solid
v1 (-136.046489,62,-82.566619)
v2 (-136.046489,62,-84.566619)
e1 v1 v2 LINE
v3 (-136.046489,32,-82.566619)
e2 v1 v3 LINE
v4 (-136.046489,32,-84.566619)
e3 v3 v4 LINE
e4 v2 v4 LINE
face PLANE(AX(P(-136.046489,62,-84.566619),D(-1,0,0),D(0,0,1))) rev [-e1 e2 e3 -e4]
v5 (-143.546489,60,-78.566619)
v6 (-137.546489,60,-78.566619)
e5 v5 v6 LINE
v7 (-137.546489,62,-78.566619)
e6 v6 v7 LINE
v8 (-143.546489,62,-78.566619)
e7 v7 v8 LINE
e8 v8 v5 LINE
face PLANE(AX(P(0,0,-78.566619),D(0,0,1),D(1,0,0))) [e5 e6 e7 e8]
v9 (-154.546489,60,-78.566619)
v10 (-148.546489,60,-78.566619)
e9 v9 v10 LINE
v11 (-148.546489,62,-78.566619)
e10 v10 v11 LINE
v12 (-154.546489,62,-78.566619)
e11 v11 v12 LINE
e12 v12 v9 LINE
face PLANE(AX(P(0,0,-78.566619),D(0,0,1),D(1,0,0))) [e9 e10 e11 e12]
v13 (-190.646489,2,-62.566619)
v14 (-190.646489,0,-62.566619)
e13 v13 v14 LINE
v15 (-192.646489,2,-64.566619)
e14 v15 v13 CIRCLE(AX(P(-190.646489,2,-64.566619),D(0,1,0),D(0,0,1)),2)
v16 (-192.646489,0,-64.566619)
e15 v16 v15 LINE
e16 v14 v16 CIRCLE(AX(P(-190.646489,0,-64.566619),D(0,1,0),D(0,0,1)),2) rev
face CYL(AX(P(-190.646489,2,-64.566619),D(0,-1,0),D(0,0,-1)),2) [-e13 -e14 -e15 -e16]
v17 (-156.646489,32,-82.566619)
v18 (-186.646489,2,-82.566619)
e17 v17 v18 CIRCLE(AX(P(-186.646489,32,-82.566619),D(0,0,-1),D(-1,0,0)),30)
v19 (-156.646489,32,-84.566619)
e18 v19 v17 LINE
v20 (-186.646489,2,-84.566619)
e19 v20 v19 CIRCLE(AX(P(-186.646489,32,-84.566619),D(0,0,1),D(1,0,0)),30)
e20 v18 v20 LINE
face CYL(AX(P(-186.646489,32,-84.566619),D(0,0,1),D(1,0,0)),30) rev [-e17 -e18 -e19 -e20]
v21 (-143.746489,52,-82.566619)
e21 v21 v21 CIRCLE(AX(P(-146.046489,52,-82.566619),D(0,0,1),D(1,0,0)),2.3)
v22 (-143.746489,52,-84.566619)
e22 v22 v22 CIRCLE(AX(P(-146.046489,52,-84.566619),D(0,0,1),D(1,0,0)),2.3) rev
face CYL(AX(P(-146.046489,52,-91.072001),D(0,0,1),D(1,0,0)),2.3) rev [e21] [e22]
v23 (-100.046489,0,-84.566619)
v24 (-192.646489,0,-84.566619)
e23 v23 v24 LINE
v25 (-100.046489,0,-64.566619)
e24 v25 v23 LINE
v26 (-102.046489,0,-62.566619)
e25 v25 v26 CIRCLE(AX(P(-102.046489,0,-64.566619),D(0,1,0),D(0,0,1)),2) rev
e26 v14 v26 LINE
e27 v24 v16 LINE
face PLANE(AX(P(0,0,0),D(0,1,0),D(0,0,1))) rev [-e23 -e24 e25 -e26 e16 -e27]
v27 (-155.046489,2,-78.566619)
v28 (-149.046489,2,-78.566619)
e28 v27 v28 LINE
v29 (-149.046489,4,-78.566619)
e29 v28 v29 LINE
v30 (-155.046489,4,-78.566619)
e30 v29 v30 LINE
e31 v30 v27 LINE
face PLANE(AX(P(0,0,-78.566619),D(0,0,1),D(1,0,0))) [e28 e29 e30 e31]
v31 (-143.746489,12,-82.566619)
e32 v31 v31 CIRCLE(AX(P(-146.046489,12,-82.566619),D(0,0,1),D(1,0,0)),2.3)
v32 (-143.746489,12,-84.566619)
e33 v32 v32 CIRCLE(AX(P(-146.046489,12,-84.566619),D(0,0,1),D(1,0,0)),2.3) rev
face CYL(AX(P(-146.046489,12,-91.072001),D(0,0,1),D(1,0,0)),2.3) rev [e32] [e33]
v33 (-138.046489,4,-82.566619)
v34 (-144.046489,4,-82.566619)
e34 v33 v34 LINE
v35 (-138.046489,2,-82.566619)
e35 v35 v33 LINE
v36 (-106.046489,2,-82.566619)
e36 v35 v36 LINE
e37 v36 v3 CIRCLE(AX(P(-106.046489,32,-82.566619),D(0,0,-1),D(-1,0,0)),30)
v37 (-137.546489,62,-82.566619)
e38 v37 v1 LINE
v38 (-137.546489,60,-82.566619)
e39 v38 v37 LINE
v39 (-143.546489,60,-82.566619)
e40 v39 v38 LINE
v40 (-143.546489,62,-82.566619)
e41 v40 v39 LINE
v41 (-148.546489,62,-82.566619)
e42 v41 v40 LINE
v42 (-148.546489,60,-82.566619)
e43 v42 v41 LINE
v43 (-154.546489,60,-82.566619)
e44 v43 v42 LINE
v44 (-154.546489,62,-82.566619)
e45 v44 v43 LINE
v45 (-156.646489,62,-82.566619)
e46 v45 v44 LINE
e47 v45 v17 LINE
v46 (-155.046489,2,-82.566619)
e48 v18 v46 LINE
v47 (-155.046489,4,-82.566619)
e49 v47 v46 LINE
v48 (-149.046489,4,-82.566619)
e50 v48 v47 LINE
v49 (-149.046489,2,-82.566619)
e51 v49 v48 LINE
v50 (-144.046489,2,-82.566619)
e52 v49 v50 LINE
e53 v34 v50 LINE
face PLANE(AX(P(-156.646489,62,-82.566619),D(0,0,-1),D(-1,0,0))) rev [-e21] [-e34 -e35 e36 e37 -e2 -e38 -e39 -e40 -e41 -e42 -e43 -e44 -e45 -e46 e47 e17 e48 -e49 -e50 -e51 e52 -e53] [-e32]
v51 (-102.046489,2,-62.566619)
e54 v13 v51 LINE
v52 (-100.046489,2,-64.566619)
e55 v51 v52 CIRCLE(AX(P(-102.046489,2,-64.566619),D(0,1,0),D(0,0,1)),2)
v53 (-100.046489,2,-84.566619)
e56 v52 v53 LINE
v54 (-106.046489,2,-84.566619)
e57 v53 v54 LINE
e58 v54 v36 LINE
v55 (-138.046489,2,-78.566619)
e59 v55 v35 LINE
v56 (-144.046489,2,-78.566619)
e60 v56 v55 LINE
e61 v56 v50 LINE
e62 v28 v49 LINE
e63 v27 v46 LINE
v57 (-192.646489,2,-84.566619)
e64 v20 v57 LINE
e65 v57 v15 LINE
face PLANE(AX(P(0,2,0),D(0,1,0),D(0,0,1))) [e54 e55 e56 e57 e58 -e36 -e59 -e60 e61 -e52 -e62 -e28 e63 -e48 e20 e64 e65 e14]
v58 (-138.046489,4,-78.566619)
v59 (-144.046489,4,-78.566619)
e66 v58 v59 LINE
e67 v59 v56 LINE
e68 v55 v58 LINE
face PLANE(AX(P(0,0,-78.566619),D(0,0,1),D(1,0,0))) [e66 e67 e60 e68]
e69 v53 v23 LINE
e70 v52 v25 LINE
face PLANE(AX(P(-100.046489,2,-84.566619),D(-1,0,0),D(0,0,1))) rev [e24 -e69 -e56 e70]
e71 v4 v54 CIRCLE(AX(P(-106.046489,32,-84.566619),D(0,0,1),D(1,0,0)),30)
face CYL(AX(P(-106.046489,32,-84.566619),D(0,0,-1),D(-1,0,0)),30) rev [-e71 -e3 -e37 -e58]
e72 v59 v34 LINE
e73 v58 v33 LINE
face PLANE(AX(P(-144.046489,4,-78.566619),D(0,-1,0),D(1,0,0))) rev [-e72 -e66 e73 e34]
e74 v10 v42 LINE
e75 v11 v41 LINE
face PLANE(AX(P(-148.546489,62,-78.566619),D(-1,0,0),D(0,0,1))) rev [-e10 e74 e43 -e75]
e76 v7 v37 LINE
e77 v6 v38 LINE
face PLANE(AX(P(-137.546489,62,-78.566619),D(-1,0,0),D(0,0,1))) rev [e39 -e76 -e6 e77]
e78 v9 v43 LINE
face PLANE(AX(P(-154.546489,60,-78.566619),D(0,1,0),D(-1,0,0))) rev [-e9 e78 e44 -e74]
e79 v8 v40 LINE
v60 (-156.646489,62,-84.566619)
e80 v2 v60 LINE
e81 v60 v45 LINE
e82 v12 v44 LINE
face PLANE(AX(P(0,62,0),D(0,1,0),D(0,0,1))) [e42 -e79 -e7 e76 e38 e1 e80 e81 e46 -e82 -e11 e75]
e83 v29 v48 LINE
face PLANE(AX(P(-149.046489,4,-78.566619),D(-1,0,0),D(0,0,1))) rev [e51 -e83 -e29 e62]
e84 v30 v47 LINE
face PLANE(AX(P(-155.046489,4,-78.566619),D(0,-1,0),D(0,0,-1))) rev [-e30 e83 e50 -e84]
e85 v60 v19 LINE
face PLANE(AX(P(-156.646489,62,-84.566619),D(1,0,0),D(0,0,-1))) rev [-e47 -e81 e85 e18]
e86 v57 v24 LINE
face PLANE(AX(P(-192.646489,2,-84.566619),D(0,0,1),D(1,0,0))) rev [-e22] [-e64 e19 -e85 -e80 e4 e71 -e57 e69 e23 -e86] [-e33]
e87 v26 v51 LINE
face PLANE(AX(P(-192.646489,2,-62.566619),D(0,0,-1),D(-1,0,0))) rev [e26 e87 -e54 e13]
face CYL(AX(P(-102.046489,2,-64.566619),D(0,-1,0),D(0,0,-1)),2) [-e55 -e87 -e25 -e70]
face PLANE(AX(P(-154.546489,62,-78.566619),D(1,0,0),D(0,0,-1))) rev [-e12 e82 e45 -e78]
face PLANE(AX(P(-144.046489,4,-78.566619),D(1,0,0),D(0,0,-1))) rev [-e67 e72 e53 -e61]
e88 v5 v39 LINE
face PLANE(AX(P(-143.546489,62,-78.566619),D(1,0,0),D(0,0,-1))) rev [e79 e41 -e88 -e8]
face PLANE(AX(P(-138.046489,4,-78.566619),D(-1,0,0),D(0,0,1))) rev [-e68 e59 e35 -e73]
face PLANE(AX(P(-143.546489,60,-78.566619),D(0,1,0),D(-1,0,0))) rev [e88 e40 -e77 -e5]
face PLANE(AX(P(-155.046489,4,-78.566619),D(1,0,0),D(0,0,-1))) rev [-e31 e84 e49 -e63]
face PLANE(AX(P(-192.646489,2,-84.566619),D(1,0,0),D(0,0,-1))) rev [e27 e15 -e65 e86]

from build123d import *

# Parameters (mm, degrees)
SKETCH1_W           = 92.6
SKETCH1_H           = 22
BOSS_EXTRUDE1_DEPTH = 2
FILLET1_R           = 2
SKETCH5_W           = 20.6
SKETCH5_H           = 2
BOSS_EXTRUDE3_DEPTH = 60
SKETCH6_W           = 6
SKETCH6_H           = 2
BOSS_EXTRUDE4_DEPTH = 4
SKETCH7_R           = 2.3
CUT_EXTRUDE1_DEPTH  = 2
FILLET4_R           = 30


with BuildPart() as part:
    # Sketch1 → Boss-Extrude1 (new body)
    with BuildSketch(Plane(origin=(0, 0, 0), x_dir=(1, 0, 0), z_dir=(0, 1, 0))):
        with Locations((-146.346488806, 73.566618989)):
            Rectangle(SKETCH1_W, SKETCH1_H)
    extrude(amount=BOSS_EXTRUDE1_DEPTH)

    # Fillet1
    fillet1_edges = [part.edges().sort_by_distance(p)[0] for p in [
        (-100.046488806, 1, -62.566618989),
        (-192.646488806, 1, -62.566618989),
    ]]
    fillet(fillet1_edges, radius=FILLET1_R)

    # Sketch5 → Boss-Extrude3 (add)
    with BuildSketch(Plane(origin=(0, 2, 0), x_dir=(1, 0, 0), z_dir=(0, 1, 0))):
        with Locations((-146.346488806, 83.566618989)):
            Rectangle(SKETCH5_W, SKETCH5_H)
    extrude(amount=BOSS_EXTRUDE3_DEPTH)

    # Sketch6 → Boss-Extrude4 (add)
    with BuildSketch(Plane.XY.offset(-82.566618989)):
        with Locations((-151.546488806, 61)):
            Rectangle(SKETCH6_W, SKETCH6_H)
        with Locations((-140.546488806, 61)):
            Rectangle(SKETCH6_W, SKETCH6_H)
        with Locations((-152.046488806, 3)):
            Rectangle(SKETCH6_W, SKETCH6_H)
        with Locations((-141.046488806, 3)):
            Rectangle(SKETCH6_W, SKETCH6_H)
    extrude(amount=BOSS_EXTRUDE4_DEPTH)

    # Sketch7 → Cut-Extrude1 (cut)
    with BuildSketch(Plane.XY.offset(-82.566618989)):
        with Locations((-146.046488806, 52)):
            Circle(SKETCH7_R)
        with Locations((-146.046488806, 12)):
            Circle(SKETCH7_R)
    extrude(amount=-CUT_EXTRUDE1_DEPTH, mode=Mode.SUBTRACT)

    # Fillet4
    fillet4_edges = [part.edges().sort_by_distance(p)[0] for p in [
        (-156.646488806, 2, -83.566618989),
        (-136.046488806, 2, -83.566618989),
    ]]
    fillet(fillet4_edges, radius=FILLET4_R)


solid = part.part
